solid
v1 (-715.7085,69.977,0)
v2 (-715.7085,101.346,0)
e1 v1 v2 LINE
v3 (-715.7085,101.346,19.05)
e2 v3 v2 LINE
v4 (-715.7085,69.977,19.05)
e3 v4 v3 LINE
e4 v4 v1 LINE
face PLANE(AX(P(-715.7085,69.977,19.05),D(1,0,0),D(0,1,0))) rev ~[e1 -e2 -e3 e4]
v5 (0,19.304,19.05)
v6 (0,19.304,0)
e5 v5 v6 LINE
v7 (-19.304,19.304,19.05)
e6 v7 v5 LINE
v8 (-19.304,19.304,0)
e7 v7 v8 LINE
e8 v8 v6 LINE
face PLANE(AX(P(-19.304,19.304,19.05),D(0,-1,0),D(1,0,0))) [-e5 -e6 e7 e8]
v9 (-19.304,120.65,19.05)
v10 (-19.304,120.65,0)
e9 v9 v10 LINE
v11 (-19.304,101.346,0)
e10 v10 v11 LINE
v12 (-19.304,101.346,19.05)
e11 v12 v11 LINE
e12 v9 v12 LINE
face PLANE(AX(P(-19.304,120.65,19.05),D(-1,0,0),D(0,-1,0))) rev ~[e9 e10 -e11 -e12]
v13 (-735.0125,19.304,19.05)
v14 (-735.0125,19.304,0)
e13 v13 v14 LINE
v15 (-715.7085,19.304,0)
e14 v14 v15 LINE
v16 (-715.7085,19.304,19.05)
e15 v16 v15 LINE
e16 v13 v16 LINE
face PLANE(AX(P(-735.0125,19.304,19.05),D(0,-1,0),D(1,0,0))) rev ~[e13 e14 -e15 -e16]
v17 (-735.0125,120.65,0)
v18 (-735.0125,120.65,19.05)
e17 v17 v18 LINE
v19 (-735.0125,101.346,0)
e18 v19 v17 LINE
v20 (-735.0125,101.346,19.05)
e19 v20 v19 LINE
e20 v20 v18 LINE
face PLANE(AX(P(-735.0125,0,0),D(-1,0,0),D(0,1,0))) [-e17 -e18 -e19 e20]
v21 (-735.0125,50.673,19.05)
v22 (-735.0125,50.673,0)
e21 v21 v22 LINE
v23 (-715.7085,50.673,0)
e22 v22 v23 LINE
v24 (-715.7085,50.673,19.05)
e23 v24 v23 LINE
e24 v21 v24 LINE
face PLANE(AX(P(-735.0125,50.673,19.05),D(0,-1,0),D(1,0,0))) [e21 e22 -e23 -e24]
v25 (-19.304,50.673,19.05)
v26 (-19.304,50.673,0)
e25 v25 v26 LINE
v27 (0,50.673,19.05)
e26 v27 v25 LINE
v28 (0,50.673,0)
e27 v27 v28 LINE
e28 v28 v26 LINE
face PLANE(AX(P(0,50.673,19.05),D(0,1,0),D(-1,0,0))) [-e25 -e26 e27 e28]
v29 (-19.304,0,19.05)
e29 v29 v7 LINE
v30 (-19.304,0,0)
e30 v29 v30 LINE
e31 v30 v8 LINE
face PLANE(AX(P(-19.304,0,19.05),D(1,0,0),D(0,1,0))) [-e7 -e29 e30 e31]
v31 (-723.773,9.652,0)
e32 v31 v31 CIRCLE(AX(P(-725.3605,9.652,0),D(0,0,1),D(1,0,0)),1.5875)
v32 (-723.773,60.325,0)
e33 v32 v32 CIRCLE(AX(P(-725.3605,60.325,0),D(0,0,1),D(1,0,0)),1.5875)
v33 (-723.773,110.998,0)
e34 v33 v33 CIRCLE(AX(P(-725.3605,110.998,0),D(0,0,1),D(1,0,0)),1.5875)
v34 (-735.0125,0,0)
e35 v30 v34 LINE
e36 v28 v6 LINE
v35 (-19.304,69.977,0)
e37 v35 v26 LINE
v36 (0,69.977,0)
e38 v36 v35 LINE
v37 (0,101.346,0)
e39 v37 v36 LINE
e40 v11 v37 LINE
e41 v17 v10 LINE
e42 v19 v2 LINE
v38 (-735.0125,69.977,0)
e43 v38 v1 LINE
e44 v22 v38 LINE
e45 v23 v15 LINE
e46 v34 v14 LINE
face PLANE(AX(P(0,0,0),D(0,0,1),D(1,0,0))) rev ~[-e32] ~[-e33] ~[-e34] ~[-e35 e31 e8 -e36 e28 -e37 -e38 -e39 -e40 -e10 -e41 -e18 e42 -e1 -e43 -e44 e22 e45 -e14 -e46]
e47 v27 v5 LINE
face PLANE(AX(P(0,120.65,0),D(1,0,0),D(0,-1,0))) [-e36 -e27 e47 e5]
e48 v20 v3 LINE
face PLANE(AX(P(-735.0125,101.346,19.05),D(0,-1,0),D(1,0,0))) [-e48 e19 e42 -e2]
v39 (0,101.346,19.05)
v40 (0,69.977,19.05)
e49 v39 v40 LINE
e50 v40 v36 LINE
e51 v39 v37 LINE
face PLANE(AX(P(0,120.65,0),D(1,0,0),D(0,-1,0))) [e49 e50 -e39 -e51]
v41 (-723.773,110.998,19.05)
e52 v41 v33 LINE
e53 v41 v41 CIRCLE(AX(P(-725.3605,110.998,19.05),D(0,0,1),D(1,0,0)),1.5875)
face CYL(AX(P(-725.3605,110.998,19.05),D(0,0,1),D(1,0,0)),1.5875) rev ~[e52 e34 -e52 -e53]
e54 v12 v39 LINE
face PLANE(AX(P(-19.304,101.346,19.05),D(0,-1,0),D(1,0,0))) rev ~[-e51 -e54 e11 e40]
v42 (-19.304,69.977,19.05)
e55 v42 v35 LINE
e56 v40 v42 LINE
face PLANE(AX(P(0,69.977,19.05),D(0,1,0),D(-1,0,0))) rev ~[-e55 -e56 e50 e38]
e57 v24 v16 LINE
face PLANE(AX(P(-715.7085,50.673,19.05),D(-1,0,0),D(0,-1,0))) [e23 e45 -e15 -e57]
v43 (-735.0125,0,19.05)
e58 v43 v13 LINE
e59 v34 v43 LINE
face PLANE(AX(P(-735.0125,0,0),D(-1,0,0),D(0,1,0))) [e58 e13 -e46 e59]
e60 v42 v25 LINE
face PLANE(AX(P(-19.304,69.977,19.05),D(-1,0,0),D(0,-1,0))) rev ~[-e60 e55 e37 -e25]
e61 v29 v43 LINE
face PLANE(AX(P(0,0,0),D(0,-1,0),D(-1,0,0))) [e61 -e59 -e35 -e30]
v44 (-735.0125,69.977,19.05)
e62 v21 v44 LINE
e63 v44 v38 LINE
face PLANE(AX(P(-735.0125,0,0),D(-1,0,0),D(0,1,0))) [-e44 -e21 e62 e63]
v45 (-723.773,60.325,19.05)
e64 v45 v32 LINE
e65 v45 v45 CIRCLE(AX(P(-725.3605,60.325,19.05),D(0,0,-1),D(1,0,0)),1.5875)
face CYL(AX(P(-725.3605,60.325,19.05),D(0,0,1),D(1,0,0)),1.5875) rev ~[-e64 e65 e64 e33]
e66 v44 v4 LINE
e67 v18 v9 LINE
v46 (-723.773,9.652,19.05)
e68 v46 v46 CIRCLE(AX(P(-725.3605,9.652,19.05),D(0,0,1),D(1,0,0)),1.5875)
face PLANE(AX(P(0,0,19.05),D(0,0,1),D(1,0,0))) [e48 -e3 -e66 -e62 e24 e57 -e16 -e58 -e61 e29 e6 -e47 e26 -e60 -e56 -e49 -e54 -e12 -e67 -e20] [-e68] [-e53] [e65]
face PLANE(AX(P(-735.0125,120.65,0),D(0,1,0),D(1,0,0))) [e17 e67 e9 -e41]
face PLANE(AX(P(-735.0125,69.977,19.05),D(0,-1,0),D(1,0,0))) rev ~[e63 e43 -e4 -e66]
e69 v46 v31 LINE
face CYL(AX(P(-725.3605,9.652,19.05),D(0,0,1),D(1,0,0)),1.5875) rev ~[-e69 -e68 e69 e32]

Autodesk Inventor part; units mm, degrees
ref_plane "YZ Plane" through (0, 0, 0) normal (1, 0, 0) x (0, 1, 0)
ref_plane "XZ Plane" through (0, 0, 0) normal (0, 1, 0) x (-1, 0, 0)
ref_plane "XY Plane" through (0, 0, 0) normal (0, 0, 1) x (1, 0, 0)
sketch "Sketch1" plane through (0, 0, 0) normal (0, 0, 1) x (1, 0, 0)
  line L0 (0, 0) -> (-735.0125, 0)
  line L1 (-735.0125, 0) -> (-735.0125, 120.65)
  line L2 (-735.0125, 120.65) -> (0, 120.65)
  line L3 (0, 120.65) -> (0, 0)
  dimension "d0" = 735.0125
  dimension "d1" = 120.65
extrude "Extrusion1" add sketch "Sketch1" along normal blind 19.05
sketch "Sketch2" plane through (0, 0, 19.05) normal (0, 0, 1) x (1, 0, 0)
  line L0 (0, 120.65) -> (-735.0125, 120.65) projected
  line L1 (0, 120.65) -> (-19.304, 120.65)
  line L2 (-19.304, 120.65) -> (-19.304, 101.346)
  line L3 (-19.304, 101.346) -> (0, 101.346)
  line L4 (0, 101.346) -> (0, 120.65)
  line L5 (0, 0) -> (-19.304, 0)
  line L6 (-19.304, 0) -> (-19.304, 19.304)
  line L7 (-19.304, 19.304) -> (0, 19.304)
  line L8 (0, 19.304) -> (0, 0)
  line L9 (0, 0) -> (0, 120.65) projected
  line L10 (0, 60.325) -> (-19.304, 60.325)
  line L11 (0, 69.977) -> (-19.304, 69.977)
  line L12 (0, 50.673) -> (-19.304, 50.673)
  line L13 (-19.304, 69.977) -> (-19.304, 50.673)
  line L14 (0, 69.977) -> (0, 50.673)
  line L15 (-735.0125, 120.65) -> (-735.0125, 0) projected
  line L16 (-735.0125, 120.65) -> (-735.0125, 101.346)
  line L17 (-735.0125, 101.346) -> (-715.7085, 101.346)
  line L18 (-715.7085, 101.346) -> (-735.0125, 101.346)
  line L19 (-735.0125, 101.346) -> (-735.0125, 69.977)
  line L20 (-735.0125, 69.977) -> (-715.7085, 69.977)
  line L21 (-715.7085, 69.977) -> (-715.7085, 101.346)
  line L22 (-735.0125, 60.325) -> (-720.7714, 60.325)
  line L23 (-735.0125, 0) -> (-735.0125, 120.65)
  line L24 (-735.0125, 0) -> (-735.0125, 19.304)
  line L25 (-735.0125, 19.304) -> (-715.7085, 19.304)
  line L26 (-715.7085, 19.304) -> (-735.0125, 19.304)
  line L27 (-735.0125, 19.304) -> (-735.0125, 50.673)
  line L28 (-735.0125, 50.673) -> (-715.7085, 50.673)
  line L29 (-715.7085, 50.673) -> (-715.7085, 19.304)
  circle A0 centre (-725.3605, 110.998) radius 1.5875
  circle A1 centre (-725.3605, 60.325) radius 1.5875
  circle A2 centre (-725.3605, 9.652) radius 1.5875
  line L30 (-735.0125, 0) -> (0, 0) projected
  point P0 (-735.0125, 19.304)
  point P1 (-725.3605, 101.346)
  point P2 (-725.3605, 101.346)
  dimension "d4" = 19.304
  dimension "d5" = 19.304
  dimension "d6" = 19.304
  dimension "d7" = 19.304
  dimension "d8" = 19.304
  dimension "d9" = 9.652
  dimension "d10" = 9.652
  dimension "d14" = 19.304
  dimension "d15" = 19.304
  dimension "d16" = 31.369
  dimension "d31" = 9.652
  dimension "d32" = 9.652
  dimension "d33" = 3.175
extrude "Extrusion2" cut sketch "Sketch2" against normal through all contours L4 L3 L2 L0 | A1 L22 | L22 A1 | L9 L10 L13 L11 | L17 L21 L20 L15 | L9 L12 L13 L10 | L8 L5 L6 L7 | L28 L29 L25 L15 | A0 | A2
sketch "Sketch3" plane through (0, 0, 19.05) normal (0, 0, 1) x (1, 0, 0)
  line L0 (-735.0125, 120.65) -> (-735.0125, 101.346) projected
  line L1 (-368.3, 120.65) -> (-368.3, 18.5529)
  line L2 (-368.3, 95.25) -> (-287.1671, 95.25)
  line L3 (-368.3, 76.2) -> (-321.3262, 76.2)
  line L4 (-368.3, 57.15) -> (-321.3262, 57.15)
  line L5 (-715.7085, 101.346) -> (-715.7085, 69.977) projected
  line L6 (-715.7085, 101.346) -> (-715.7085, 120.65)
  point P0 (0, 0)
  point P1 (-327.7336, 95.25)
  point P2 (-715.7085, 110.998)
  dimension "d30" = 347.4085
hole "Hole1" [suppressed]
equation "\"d31\" = 0.5 * d14"
equation "\"d32\" = d31"
properties part number "Bumper wood" material "Wood (Oak)"
